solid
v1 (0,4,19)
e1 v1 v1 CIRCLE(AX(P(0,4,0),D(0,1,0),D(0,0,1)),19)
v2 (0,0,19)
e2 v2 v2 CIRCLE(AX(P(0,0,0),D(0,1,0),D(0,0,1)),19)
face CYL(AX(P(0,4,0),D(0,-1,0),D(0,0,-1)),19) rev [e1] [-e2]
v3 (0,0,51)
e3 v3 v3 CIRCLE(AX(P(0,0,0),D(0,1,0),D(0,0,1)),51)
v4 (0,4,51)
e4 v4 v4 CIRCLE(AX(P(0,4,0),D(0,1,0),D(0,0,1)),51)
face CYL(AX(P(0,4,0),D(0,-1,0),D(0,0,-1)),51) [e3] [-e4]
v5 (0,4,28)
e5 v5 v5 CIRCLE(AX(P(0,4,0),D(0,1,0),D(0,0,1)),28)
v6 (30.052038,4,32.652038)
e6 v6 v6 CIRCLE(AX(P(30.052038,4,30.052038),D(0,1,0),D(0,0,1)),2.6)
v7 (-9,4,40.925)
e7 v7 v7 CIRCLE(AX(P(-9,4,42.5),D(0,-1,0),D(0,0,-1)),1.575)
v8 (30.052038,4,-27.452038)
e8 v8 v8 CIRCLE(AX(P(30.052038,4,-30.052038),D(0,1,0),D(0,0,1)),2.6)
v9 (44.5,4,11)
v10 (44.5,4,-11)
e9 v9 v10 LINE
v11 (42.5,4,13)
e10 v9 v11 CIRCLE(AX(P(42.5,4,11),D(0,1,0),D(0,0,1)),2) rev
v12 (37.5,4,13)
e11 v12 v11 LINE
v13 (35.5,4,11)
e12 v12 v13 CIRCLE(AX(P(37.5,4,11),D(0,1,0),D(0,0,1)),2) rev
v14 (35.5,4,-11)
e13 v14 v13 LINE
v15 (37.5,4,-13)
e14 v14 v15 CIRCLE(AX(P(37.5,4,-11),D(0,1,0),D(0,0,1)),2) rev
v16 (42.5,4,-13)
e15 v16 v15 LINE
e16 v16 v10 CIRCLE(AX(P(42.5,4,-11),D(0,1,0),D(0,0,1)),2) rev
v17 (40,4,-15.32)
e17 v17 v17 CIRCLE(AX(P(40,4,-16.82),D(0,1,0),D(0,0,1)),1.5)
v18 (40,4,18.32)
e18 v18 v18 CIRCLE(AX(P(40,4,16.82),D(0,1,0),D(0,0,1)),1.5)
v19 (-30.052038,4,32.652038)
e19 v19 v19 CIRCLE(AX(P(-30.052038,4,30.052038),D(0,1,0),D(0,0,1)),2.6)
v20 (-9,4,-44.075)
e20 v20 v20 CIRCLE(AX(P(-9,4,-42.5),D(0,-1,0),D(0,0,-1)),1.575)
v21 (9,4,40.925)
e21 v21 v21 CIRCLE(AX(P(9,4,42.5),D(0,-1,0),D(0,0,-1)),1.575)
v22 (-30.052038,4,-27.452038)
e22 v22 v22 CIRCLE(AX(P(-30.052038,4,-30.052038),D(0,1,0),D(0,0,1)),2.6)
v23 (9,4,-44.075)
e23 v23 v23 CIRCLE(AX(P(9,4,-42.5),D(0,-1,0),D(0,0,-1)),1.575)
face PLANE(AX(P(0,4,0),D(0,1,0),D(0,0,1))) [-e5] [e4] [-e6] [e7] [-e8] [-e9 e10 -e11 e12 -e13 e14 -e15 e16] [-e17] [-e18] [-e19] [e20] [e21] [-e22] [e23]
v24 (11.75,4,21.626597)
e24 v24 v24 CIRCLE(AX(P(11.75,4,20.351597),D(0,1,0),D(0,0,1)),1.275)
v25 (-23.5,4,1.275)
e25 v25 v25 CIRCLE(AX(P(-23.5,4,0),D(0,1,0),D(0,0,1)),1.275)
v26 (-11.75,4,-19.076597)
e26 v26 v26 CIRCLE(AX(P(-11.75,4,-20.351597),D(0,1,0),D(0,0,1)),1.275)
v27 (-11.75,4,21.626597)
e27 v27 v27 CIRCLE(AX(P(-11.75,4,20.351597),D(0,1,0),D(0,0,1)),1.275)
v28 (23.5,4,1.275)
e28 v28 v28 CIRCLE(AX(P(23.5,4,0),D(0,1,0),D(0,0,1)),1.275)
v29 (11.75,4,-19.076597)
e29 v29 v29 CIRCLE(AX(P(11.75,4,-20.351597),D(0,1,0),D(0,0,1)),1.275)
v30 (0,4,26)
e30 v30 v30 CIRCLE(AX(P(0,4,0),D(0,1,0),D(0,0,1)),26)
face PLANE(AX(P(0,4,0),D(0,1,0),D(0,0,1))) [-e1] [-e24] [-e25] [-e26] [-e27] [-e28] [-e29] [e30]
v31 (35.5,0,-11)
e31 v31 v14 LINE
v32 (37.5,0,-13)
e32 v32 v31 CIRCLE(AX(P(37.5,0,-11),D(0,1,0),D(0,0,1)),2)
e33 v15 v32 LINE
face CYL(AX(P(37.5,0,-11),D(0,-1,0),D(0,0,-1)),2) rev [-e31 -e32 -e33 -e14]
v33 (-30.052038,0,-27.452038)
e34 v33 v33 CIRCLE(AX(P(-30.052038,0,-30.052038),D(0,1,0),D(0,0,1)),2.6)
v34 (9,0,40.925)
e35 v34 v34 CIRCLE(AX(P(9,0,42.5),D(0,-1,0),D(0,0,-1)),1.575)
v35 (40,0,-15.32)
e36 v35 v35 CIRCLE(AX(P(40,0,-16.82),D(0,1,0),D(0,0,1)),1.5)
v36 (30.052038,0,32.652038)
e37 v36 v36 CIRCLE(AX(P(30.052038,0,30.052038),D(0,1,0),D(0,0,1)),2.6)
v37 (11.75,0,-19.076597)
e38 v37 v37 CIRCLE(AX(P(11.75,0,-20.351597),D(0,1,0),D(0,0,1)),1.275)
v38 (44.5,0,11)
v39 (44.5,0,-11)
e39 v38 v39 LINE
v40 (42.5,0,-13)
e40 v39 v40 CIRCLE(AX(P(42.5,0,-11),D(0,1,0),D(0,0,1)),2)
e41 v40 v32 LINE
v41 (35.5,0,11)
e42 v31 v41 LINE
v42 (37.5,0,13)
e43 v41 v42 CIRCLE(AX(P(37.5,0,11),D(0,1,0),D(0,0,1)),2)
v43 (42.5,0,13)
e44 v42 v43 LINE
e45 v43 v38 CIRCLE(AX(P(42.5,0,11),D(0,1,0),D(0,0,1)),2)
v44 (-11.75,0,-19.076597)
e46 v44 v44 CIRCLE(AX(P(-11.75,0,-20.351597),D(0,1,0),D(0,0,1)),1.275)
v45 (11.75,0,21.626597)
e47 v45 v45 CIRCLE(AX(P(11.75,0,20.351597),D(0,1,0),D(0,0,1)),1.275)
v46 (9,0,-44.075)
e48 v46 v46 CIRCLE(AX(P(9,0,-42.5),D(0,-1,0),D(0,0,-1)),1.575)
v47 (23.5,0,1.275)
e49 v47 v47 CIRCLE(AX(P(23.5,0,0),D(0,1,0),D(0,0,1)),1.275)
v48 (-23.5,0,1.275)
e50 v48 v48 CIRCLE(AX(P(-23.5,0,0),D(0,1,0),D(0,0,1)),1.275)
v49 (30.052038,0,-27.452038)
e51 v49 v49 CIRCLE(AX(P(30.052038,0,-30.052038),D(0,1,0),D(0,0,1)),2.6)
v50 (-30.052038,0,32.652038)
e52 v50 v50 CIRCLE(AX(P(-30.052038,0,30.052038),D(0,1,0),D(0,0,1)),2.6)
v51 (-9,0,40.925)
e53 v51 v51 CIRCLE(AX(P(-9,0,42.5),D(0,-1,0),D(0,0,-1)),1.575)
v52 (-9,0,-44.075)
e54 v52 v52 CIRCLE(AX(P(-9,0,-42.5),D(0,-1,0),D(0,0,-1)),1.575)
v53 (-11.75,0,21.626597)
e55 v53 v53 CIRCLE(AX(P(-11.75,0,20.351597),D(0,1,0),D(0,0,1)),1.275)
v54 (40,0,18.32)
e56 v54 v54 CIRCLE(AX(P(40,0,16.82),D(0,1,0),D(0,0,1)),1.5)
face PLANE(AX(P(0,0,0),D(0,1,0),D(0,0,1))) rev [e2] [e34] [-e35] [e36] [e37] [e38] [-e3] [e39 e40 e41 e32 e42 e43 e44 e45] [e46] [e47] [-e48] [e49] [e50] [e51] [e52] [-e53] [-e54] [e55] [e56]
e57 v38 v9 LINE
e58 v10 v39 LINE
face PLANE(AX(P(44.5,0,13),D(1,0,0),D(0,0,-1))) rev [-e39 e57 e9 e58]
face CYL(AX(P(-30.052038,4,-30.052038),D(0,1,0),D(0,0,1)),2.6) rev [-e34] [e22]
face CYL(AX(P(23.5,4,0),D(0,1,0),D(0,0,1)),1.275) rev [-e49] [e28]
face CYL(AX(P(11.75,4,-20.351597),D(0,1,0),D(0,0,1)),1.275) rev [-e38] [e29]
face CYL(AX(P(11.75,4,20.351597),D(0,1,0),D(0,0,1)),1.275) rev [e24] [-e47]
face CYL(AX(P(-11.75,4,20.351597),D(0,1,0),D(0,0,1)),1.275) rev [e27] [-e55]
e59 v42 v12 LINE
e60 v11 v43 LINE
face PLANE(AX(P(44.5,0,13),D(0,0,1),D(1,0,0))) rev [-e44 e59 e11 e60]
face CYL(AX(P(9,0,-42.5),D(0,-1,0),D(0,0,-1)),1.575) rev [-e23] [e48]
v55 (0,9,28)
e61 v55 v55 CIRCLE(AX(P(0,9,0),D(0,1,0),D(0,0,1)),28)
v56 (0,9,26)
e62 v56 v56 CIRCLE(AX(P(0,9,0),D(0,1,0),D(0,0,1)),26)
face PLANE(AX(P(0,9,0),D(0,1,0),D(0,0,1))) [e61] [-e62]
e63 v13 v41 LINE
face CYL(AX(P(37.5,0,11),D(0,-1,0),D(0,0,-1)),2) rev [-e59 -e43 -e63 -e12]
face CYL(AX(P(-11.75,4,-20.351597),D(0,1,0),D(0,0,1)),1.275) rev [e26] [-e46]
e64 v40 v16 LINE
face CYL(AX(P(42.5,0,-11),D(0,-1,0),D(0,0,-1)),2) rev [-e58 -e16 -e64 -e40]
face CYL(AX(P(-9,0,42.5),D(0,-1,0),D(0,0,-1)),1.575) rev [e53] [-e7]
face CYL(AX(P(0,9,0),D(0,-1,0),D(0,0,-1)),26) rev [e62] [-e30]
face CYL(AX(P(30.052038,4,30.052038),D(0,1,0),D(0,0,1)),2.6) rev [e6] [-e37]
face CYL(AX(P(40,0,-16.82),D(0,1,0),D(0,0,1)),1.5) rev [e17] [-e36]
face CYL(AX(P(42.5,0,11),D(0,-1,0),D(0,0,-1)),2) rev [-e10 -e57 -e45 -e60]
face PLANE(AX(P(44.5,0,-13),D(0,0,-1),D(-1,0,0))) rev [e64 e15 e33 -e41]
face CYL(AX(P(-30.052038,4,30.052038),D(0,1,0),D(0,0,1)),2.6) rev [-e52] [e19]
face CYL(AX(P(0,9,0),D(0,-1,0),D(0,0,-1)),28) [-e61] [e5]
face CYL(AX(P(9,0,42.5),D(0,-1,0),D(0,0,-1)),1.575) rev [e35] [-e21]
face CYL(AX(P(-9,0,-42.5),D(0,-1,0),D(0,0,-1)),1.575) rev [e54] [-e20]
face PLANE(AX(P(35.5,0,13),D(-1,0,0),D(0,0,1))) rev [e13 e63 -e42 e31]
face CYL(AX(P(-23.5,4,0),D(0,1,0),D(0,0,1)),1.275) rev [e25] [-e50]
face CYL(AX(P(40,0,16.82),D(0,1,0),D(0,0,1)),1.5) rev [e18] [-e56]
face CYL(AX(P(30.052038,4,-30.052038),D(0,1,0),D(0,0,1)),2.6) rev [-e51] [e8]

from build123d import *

# Parameters (mm, degrees)
SKETCH_1_R                  = 51
SKETCH_1_R_2                = 19
EXTRUDE_1_DEPTH             = 4
PATTERN_CIRCULAR_1_COUNT    = 6
HOLE_WIZARD_M32_D           = 3.15
PATTERN_LINEAR_1_COUNT      = 2
PATTERN_LINEAR_1_PITCH      = 18
PATTERN_LINEAR_1_COUNT_DIR2 = 2
PATTERN_LINEAR_1_PITCH_DIR2 = 85
SKETCH_14_R                 = 28
SKETCH_14_R_2               = 26
EXTRUDE_2_DEPTH             = 5
SKETCH_16_R                 = 1.5
SKETCH_16_W                 = 9
SKETCH_16_H                 = 26
CUT_EXTRUDE_1_DEPTH         = 5
FILLET_1_R                  = 2
PATTERN_CIRCULAR_2_COUNT    = 4


with BuildPart() as part:
    # Эскиз1 → Бобышка-Вытянуть1 (new body)
    with BuildSketch(Plane(origin=(0, 0, 0), x_dir=(1, 0, 0), z_dir=(0, 1, 0))):
        Circle(SKETCH_1_R)
        Circle(SKETCH_1_R_2, mode=Mode.SUBTRACT)
    extrude(amount=EXTRUDE_1_DEPTH)

    # Эскиз3 → Сверло под метчик  спиральное M2.51 (revolve, cut)
    with BuildSketch(Plane(origin=(23.5, 4, 0), x_dir=(0, 0, 1), z_dir=(1, 0, 0))):
        Polygon((0, 0), (0, 8.766097289), (1.275, 8), (1.275, 0), align=None)
    hole_wizard_m2_51 = revolve(axis=Axis((23.5, 10.35, 0), (0, -1, 0)), mode=Mode.SUBTRACT)

    # Круговой массив1: Сверло под метчик  спиральное M2.51 ×6 about axis
    pattern_circular_1_axis = Axis((0, 0, 0), (0, 1, 0))
    for i in range(1, PATTERN_CIRCULAR_1_COUNT):
        add(hole_wizard_m2_51.rotate(pattern_circular_1_axis, i * 360 / PATTERN_CIRCULAR_1_COUNT), mode=Mode.SUBTRACT)

    # Сверло под метчик  спиральное M32 (through all)
    with Locations(Plane(origin=(0, 0, 0), x_dir=(-1, 0, 0), z_dir=(0, -1, 0))):
        with Locations((-9, -42.5)):
            hole_wizard_m32 = Hole(HOLE_WIZARD_M32_D / 2)

    # Линейный массив1: Hole Wizard M32 2 × 2
    with Locations(*[(-i * PATTERN_LINEAR_1_PITCH, 0, -j * PATTERN_LINEAR_1_PITCH_DIR2) for i in range(PATTERN_LINEAR_1_COUNT) for j in range(PATTERN_LINEAR_1_COUNT_DIR2) if (i, j) != (0, 0)]):
        add(hole_wizard_m32, mode=Mode.SUBTRACT)

    # Эскиз14 → Бобышка-Вытянуть2 (add)
    with BuildSketch(Plane(origin=(0, 4, 0), x_dir=(1, 0, 0), z_dir=(0, 1, 0))):
        Circle(SKETCH_14_R)
        Circle(SKETCH_14_R_2, mode=Mode.SUBTRACT)
    extrude(amount=EXTRUDE_2_DEPTH)

    # Эскиз16 → Вырез-Вытянуть1 (cut, through all)
    with BuildSketch(Plane(origin=(0, 4, 0), x_dir=(1, 0, 0), z_dir=(0, 1, 0))):
        with Locations((40, 16.82)):
            Circle(SKETCH_16_R)
        with Locations((40, -16.82)):
            Circle(SKETCH_16_R)
        with Locations((40, 0)):
            Rectangle(SKETCH_16_W, SKETCH_16_H)
    extrude(amount=-CUT_EXTRUDE_1_DEPTH, mode=Mode.SUBTRACT)

    # Скругление1
    fillet_1_edges = [part.edges().sort_by_distance(p)[0] for p in [
        (35.5, 2, 13),
        (35.5, 2, -13),
        (44.5, 2, -13),
        (44.5, 2, 13),
    ]]
    fillet(fillet_1_edges, radius=FILLET_1_R)

    # Эскиз18 → Сверло под метчик  спиральное M51 (revolve, cut)
    with BuildSketch(Plane(origin=(-30.0520382, 4, -30.0520382), x_dir=(0, 0, 1), z_dir=(1, 0, 0))):
        Polygon((0, 0), (0, 9.562237609), (2.6, 8), (2.6, 0), align=None)
    hole_wizard_m51 = revolve(axis=Axis((-30.0520382, 10.35, -30.0520382), (0, -1, 0)), mode=Mode.SUBTRACT)

    # Круговой массив2: Сверло под метчик  спиральное M51 ×4 about axis
    pattern_circular_2_axis = Axis((0, 0, 0), (0, 1, 0))
    for i in range(1, PATTERN_CIRCULAR_2_COUNT):
        add(hole_wizard_m51.rotate(pattern_circular_2_axis, i * 360 / PATTERN_CIRCULAR_2_COUNT), mode=Mode.SUBTRACT)


solid = part.part
